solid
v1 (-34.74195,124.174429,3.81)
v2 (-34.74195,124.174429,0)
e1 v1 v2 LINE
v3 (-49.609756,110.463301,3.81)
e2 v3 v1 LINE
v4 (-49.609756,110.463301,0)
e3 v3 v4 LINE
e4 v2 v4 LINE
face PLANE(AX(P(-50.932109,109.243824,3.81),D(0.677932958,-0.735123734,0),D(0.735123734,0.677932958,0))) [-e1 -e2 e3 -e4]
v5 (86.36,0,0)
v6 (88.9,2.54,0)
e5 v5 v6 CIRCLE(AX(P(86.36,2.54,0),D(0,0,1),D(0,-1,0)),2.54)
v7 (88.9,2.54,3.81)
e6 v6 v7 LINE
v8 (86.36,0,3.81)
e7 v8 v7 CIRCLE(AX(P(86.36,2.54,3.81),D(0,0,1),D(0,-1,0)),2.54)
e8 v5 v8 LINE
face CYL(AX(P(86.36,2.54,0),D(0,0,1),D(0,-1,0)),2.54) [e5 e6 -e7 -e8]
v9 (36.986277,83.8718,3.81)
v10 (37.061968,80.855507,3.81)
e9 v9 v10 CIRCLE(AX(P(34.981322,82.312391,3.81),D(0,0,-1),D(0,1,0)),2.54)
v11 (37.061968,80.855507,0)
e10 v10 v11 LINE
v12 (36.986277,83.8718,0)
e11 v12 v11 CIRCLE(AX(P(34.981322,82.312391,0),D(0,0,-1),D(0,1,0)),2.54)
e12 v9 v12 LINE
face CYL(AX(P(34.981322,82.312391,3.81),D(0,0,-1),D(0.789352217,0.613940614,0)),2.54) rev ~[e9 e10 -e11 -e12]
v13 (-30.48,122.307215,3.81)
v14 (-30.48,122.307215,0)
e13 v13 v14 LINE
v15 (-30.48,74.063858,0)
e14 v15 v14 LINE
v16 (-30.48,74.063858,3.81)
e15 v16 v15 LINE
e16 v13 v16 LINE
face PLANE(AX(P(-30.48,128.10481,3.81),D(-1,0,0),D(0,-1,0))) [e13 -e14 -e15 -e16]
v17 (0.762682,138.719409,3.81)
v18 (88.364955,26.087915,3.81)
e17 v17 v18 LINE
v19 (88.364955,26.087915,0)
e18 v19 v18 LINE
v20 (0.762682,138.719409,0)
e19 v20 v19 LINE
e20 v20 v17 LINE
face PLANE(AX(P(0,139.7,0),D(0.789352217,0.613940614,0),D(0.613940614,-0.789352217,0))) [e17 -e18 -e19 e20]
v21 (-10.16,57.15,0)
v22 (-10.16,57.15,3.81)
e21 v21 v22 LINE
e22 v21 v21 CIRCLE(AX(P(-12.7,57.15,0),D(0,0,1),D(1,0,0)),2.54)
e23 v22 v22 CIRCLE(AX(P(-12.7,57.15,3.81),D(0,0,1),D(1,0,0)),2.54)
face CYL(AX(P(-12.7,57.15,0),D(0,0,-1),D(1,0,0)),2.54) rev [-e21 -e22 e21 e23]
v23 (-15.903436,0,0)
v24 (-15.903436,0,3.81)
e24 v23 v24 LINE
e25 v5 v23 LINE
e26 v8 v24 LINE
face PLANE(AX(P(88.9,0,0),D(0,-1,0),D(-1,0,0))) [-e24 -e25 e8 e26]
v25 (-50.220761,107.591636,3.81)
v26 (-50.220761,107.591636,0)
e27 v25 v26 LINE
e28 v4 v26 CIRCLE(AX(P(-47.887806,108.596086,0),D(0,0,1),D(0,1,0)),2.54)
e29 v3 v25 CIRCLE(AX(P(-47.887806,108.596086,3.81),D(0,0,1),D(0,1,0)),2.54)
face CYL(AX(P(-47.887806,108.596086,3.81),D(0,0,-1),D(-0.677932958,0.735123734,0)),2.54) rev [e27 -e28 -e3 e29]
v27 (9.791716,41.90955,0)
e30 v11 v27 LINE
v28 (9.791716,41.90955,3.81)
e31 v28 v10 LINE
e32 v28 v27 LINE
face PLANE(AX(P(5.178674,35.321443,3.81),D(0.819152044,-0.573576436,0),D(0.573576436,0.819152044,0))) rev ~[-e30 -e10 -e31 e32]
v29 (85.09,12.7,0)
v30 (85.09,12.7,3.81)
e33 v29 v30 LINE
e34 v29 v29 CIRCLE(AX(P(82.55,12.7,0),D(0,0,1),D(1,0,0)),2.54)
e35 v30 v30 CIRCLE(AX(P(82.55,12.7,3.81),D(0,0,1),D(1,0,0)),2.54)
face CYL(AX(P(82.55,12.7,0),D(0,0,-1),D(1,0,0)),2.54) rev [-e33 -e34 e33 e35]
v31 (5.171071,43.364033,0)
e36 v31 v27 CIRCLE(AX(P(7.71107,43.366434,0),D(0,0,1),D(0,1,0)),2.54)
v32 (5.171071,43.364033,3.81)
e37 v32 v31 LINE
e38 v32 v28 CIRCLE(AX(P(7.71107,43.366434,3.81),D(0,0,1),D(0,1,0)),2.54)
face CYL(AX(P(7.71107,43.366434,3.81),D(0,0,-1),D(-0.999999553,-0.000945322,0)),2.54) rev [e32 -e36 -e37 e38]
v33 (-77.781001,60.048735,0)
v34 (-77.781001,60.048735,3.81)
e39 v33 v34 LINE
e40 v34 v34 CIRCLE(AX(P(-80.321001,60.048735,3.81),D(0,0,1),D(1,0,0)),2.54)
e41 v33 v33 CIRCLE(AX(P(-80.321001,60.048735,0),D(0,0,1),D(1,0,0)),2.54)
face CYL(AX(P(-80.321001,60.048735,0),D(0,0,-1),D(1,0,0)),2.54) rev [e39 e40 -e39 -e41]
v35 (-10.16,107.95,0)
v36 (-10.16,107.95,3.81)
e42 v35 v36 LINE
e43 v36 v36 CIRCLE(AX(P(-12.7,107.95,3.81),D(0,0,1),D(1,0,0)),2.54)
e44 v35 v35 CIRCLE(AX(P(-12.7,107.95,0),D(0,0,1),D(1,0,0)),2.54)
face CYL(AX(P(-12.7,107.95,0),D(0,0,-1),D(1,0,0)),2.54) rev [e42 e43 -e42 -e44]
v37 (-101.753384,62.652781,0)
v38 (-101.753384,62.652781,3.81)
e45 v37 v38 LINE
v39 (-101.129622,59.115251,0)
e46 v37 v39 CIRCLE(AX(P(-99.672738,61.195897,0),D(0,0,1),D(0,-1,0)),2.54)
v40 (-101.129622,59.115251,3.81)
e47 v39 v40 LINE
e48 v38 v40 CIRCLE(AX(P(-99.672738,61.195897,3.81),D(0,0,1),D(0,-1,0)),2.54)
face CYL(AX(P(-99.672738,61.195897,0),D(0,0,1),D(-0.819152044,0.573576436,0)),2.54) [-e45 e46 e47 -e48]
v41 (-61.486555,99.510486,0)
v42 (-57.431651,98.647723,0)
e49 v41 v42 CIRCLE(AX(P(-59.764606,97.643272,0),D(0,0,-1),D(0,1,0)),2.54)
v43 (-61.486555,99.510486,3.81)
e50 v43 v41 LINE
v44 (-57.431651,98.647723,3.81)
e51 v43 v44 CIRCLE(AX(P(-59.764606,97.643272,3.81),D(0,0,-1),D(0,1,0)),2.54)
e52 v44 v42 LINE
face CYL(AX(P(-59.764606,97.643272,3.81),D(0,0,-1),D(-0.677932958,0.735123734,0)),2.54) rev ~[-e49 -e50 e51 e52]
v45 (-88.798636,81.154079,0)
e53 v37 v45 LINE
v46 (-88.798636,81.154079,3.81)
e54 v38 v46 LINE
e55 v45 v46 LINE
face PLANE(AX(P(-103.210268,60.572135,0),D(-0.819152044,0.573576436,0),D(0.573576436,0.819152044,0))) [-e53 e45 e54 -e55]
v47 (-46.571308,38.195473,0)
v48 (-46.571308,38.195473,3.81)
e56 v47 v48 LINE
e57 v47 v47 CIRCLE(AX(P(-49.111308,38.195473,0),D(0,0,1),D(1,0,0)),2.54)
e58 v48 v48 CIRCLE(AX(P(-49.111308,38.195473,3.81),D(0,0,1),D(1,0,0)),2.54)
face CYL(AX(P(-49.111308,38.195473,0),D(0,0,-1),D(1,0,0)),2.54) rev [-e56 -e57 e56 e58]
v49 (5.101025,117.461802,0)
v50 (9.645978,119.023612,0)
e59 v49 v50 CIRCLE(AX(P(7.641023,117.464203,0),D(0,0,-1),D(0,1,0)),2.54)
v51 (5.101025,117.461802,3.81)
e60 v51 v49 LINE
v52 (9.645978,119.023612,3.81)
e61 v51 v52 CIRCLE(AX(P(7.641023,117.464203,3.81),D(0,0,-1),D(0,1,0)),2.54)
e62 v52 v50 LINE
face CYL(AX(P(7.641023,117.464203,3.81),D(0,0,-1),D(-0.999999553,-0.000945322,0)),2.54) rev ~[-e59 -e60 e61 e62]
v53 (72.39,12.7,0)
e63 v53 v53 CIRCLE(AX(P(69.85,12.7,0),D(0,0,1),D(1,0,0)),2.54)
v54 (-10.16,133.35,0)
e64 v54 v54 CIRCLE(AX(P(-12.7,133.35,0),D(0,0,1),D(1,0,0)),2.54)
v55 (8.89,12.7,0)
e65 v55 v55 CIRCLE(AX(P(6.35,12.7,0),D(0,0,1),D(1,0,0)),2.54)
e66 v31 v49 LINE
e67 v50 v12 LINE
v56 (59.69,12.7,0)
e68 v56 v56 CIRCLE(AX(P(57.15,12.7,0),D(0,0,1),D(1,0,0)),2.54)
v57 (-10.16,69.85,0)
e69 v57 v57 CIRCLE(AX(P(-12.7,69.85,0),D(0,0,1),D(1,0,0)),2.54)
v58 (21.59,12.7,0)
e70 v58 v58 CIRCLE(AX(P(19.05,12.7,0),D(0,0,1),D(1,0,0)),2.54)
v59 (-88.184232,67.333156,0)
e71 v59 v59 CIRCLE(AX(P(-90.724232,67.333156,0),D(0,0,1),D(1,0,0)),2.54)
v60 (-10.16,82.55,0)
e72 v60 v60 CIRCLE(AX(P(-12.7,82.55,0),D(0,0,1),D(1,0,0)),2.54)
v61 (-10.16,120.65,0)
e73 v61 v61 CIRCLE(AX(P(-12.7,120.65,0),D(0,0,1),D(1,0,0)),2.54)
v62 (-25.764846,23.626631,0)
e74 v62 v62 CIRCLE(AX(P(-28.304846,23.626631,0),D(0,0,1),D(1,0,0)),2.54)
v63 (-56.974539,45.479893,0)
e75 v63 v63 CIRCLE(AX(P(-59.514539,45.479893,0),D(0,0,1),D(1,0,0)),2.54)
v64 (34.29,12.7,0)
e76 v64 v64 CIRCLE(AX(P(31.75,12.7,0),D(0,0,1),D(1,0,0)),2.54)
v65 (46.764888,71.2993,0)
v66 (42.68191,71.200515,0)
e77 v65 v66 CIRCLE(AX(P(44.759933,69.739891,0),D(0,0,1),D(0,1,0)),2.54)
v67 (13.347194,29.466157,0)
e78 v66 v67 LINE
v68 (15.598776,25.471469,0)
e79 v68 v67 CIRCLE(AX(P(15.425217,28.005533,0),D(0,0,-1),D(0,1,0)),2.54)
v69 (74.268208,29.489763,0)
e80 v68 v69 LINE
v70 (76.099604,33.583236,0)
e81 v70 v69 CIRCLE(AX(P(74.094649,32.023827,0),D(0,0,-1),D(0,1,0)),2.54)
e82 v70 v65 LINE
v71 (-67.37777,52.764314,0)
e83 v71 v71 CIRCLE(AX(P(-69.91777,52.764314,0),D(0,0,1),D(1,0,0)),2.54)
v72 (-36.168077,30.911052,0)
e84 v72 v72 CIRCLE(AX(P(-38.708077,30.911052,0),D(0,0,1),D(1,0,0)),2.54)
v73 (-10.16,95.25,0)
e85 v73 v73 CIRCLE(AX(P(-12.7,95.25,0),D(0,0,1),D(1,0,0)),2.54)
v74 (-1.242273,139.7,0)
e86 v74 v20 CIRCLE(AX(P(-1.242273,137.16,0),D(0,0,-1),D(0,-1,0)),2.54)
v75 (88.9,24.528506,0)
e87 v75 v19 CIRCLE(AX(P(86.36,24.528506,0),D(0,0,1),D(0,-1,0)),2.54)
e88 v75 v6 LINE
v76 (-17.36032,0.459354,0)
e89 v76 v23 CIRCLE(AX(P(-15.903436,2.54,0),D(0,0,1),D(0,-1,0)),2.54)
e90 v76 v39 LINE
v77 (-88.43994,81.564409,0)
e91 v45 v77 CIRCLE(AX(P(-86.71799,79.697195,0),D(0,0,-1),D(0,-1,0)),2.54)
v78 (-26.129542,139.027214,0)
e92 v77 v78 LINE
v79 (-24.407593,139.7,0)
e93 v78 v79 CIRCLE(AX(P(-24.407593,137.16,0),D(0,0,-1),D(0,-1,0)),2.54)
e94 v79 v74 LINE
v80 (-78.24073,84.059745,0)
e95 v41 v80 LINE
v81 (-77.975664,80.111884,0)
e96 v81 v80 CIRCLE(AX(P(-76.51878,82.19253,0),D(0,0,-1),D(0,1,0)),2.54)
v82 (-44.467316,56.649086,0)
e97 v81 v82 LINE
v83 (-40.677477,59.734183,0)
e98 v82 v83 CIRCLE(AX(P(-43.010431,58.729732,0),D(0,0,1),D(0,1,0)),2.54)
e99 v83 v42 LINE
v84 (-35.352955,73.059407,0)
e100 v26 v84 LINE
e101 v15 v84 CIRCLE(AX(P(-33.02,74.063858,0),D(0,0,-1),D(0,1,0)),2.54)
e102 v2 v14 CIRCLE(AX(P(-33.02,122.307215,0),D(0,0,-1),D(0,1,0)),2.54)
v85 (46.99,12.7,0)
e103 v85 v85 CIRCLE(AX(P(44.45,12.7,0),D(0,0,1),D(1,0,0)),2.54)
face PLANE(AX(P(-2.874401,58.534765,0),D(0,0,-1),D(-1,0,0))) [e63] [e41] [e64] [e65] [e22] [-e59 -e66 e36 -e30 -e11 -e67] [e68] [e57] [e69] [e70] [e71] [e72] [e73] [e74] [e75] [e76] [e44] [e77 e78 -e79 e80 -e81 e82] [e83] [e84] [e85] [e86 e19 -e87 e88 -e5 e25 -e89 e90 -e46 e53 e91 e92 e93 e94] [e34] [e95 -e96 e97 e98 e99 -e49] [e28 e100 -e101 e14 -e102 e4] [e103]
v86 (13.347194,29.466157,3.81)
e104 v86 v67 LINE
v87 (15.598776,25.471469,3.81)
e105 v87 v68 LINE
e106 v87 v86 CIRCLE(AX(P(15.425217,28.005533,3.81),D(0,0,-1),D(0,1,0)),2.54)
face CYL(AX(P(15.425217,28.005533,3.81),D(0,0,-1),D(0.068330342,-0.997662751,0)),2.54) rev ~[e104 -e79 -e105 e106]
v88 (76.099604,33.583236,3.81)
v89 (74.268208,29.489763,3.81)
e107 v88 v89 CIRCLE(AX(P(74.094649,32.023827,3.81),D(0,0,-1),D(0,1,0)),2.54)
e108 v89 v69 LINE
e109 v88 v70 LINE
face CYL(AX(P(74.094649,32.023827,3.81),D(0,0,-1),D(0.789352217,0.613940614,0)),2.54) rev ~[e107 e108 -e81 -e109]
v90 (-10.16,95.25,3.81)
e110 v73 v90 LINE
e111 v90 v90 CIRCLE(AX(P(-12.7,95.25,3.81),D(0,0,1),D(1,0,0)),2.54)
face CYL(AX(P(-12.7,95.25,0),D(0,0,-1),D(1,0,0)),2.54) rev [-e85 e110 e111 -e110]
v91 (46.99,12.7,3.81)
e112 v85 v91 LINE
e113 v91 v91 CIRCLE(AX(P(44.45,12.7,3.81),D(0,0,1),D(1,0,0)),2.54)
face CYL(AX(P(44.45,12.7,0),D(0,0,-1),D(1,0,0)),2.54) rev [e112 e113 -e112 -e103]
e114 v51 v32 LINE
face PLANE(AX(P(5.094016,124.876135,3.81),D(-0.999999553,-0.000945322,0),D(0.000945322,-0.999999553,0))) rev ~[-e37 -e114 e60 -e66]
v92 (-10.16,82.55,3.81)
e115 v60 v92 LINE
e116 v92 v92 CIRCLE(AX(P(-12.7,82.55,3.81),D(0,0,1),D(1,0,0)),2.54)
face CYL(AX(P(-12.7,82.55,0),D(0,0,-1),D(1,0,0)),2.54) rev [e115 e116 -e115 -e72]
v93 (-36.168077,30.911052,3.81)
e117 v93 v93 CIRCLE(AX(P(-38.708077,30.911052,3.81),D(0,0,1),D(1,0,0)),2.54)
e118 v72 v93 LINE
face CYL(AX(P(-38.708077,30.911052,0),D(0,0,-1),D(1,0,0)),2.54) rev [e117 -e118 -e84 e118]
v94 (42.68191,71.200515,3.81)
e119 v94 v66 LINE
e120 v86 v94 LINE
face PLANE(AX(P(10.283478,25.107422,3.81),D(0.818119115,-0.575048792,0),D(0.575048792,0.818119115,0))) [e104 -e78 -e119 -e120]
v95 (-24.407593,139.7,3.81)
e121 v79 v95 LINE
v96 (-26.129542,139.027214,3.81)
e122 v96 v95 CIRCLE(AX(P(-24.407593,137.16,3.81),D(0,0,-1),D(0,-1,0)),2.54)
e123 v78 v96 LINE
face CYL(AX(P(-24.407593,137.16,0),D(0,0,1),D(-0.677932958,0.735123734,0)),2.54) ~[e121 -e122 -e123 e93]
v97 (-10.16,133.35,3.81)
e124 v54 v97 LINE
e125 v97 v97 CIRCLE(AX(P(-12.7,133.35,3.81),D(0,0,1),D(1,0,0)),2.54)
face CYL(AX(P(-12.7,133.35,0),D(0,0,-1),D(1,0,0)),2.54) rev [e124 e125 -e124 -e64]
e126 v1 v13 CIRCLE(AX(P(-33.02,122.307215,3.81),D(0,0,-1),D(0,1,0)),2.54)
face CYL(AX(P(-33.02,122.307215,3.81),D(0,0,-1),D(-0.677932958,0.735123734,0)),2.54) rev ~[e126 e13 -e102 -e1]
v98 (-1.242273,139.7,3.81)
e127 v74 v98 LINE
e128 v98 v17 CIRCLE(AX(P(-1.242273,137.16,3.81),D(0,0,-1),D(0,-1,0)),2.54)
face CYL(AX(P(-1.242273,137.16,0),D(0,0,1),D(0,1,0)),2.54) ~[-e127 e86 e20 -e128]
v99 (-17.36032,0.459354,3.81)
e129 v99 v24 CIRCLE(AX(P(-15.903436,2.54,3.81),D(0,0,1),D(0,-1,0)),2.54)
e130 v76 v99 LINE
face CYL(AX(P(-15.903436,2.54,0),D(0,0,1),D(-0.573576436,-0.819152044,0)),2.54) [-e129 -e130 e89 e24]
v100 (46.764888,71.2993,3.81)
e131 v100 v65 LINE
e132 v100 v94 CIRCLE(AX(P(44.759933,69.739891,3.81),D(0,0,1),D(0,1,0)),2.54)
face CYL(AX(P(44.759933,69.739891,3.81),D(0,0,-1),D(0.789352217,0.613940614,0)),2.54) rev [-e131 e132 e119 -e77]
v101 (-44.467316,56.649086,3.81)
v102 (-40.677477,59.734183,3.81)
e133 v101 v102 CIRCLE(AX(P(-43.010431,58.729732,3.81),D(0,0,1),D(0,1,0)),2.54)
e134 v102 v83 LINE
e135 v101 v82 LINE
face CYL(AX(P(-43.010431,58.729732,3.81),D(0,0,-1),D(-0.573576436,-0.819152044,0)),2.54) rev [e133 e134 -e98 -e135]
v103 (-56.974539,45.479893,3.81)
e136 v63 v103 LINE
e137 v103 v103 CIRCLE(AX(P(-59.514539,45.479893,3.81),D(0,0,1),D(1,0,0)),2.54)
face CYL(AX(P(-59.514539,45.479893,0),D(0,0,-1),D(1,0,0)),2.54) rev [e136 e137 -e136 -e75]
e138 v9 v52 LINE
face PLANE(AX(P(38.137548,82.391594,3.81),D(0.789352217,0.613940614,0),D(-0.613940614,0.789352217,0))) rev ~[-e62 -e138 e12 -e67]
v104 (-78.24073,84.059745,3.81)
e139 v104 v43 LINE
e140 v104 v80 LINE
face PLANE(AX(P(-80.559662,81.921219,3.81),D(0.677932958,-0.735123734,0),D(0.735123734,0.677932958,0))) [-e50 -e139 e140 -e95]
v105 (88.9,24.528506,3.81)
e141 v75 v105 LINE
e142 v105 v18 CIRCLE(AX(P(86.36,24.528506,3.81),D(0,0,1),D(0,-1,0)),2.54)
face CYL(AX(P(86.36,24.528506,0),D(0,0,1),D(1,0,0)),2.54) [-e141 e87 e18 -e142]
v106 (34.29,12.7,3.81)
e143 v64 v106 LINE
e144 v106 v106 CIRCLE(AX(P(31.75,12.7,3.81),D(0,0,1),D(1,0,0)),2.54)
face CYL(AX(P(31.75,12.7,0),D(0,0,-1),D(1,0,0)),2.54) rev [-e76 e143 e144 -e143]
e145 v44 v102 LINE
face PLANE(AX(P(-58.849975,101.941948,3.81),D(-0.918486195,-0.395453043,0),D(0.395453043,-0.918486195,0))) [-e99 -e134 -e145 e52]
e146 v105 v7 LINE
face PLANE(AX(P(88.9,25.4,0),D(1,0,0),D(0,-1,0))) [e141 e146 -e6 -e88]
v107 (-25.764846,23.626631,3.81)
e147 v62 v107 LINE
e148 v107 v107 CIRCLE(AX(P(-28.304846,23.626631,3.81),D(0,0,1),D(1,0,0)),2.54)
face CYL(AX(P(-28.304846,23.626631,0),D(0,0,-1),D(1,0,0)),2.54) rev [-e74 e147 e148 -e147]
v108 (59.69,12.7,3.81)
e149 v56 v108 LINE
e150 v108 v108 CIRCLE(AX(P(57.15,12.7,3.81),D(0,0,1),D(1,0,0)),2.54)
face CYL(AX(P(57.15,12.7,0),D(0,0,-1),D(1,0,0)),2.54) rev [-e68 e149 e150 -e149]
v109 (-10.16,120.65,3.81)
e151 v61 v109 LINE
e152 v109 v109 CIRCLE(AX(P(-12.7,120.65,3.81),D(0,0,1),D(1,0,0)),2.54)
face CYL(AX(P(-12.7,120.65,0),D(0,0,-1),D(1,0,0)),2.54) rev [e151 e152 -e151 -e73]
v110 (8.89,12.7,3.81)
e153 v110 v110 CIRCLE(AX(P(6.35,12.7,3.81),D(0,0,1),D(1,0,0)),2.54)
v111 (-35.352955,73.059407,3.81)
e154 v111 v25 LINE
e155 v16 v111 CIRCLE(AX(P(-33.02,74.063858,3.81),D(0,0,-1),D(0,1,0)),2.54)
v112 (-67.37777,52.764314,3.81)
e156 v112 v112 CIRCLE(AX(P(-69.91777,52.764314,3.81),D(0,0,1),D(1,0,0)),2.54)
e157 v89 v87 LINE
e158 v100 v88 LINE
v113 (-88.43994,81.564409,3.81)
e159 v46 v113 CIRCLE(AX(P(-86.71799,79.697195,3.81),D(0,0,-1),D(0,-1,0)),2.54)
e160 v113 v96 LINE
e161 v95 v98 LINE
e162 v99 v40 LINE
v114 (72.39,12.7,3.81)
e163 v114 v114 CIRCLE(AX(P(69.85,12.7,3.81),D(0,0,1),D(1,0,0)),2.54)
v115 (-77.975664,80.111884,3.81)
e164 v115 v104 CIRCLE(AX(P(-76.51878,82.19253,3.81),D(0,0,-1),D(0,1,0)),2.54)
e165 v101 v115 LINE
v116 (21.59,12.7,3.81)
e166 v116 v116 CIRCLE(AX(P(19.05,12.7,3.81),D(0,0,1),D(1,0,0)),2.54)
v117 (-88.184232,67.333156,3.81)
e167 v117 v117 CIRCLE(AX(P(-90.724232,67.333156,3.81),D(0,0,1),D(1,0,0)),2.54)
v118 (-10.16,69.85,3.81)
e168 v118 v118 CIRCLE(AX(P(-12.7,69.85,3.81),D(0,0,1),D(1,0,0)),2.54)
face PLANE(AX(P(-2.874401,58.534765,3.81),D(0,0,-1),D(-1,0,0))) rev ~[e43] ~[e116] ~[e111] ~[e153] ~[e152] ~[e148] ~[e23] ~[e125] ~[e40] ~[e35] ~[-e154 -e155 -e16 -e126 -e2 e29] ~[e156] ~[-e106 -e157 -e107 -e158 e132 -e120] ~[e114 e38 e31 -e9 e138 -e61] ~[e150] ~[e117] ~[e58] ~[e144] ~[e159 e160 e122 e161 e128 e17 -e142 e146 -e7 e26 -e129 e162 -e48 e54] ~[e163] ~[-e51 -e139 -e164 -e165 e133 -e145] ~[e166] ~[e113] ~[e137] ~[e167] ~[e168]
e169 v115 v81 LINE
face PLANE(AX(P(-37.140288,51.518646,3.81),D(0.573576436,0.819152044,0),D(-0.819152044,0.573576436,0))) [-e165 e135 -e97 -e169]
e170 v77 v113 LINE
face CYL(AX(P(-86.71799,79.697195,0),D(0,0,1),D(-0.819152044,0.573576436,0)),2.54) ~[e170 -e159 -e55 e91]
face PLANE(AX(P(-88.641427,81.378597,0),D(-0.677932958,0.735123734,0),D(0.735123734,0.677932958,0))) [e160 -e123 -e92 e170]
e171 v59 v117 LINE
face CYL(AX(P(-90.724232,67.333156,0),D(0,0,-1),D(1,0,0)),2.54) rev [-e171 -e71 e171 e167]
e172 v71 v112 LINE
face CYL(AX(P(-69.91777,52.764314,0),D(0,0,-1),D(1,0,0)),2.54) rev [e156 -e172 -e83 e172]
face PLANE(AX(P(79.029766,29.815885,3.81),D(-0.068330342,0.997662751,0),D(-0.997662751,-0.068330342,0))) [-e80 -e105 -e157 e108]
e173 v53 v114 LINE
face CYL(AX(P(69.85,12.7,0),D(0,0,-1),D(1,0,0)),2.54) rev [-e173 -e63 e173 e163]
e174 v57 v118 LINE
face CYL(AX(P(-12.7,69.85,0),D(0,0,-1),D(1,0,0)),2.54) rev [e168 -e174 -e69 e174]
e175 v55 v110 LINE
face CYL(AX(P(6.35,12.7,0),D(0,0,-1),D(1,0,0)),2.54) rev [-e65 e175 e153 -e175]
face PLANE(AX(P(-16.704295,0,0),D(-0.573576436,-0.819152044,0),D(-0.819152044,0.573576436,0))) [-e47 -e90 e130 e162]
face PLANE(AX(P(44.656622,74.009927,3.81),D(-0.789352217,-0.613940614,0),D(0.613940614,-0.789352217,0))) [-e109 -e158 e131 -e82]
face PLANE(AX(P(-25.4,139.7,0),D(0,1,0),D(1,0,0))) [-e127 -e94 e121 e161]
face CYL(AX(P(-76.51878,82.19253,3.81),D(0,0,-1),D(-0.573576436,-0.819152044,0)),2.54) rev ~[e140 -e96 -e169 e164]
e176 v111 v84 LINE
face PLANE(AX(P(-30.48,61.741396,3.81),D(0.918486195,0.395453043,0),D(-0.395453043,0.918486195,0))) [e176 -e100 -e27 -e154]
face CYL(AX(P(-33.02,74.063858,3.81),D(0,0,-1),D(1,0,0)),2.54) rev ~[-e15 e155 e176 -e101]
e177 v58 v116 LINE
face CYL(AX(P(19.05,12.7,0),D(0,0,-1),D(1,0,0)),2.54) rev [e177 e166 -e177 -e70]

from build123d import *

# Parameters (mm, degrees)
BOSS_EXTRUDE3_DEPTH = 3.81
SKETCH1_7_R         = 2.54
CUT_EXTRUDE6_DEPTH  = 3.81
CUT_EXTRUDE7_DEPTH  = 174.732454112
FILLET1_R           = 2.54
FILLET2_R           = 2.54


with BuildPart() as part:
    # Sketch1 → Boss-Extrude3 (new body)
    with BuildSketch(Plane.XY):
        Polygon((-103.210268441, 60.572134971), (-88.641426958, 81.378596896), (-25.4, 139.7), (0, 139.7), (88.9, 25.4), (88.9, 0), (-16.704294619, 0), align=None)
    extrude(amount=BOSS_EXTRUDE3_DEPTH)

    # Sketch1<7> → Cut-Extrude6 (cut)
    with BuildSketch(Plane.XY):
        with Locations((-12.7, 57.15)):
            Circle(SKETCH1_7_R)
        with Locations((-12.7, 69.85)):
            Circle(SKETCH1_7_R)
        with Locations((-12.7, 82.55)):
            Circle(SKETCH1_7_R)
        with Locations((-12.7, 95.25)):
            Circle(SKETCH1_7_R)
        with Locations((-12.7, 107.95)):
            Circle(SKETCH1_7_R)
        with Locations((-12.7, 120.65)):
            Circle(SKETCH1_7_R)
        with Locations((-12.7, 133.35)):
            Circle(SKETCH1_7_R)
        with Locations((6.35, 12.7)):
            Circle(SKETCH1_7_R)
        with Locations((19.05, 12.7)):
            Circle(SKETCH1_7_R)
        with Locations((31.75, 12.7)):
            Circle(SKETCH1_7_R)
        with Locations((44.45, 12.7)):
            Circle(SKETCH1_7_R)
        with Locations((57.15, 12.7)):
            Circle(SKETCH1_7_R)
        with Locations((69.85, 12.7)):
            Circle(SKETCH1_7_R)
        with Locations((82.55, 12.7)):
            Circle(SKETCH1_7_R)
        with Locations((-28.304846444, 23.626631112)):
            Circle(SKETCH1_7_R)
        with Locations((-38.708077406, 30.911051854)):
            Circle(SKETCH1_7_R)
        with Locations((-49.111308369, 38.195472596)):
            Circle(SKETCH1_7_R)
        with Locations((-59.514539331, 45.479893337)):
            Circle(SKETCH1_7_R)
        with Locations((-69.917770294, 52.764314079)):
            Circle(SKETCH1_7_R)
        with Locations((-80.321001256, 60.048734821)):
            Circle(SKETCH1_7_R)
        with Locations((-90.724232219, 67.333155562)):
            Circle(SKETCH1_7_R)
    extrude(amount=CUT_EXTRUDE6_DEPTH, mode=Mode.SUBTRACT)

    # Sketch2 → Cut-Extrude7 (cut, through all)
    with BuildSketch(Plane.XY.offset(3.81)):
        Polygon((-80.559662327, 81.92121929), (-37.140287646, 51.518645834), (-58.849974987, 101.941947594), align=None)
        Polygon((-30.48, 128.104809927), (-50.932108739, 109.243823775), (-30.48, 61.7413962), align=None)
        Polygon((5.178673612, 35.321443219), (38.137547923, 82.391593871), (5.094015595, 124.876135436), align=None)
        Polygon((79.029766265, 29.815884574), (44.656622028, 74.009927164), (10.283477792, 25.107422311), align=None)
    extrude(amount=-CUT_EXTRUDE7_DEPTH, mode=Mode.SUBTRACT)

    # Fillet1
    fillet1_edges = [part.edges().sort_by_distance(p)[0] for p in [
        (10.283477792, 25.107422311, 1.905),
        (44.656622028, 74.009927164, 1.905),
        (79.029766265, 29.815884574, 1.905),
        (5.178673612, 35.321443219, 1.905),
        (38.137547923, 82.391593871, 1.905),
        (5.094015595, 124.876135436, 1.905),
        (-50.932108739, 109.243823775, 1.905),
        (-30.48, 128.104809927, 1.905),
        (-30.48, 61.7413962, 1.905),
        (-37.140287646, 51.518645834, 1.905),
        (-80.559662327, 81.92121929, 1.905),
        (-58.849974987, 101.941947594, 1.905),
    ]]
    fillet(fillet1_edges, radius=FILLET1_R)

    # Fillet2
    fillet2_edges = [part.edges().sort_by_distance(p)[0] for p in [
        (-103.210268441, 60.572134971, 1.905),
        (-88.641426958, 81.378596896, 1.905),
        (-25.4, 139.7, 1.905),
        (0, 139.7, 1.905),
        (88.9, 25.4, 1.905),
        (88.9, 0, 1.905),
        (-16.704294619, 0, 1.905),
    ]]
    fillet(fillet2_edges, radius=FILLET2_R)


solid = part.part
